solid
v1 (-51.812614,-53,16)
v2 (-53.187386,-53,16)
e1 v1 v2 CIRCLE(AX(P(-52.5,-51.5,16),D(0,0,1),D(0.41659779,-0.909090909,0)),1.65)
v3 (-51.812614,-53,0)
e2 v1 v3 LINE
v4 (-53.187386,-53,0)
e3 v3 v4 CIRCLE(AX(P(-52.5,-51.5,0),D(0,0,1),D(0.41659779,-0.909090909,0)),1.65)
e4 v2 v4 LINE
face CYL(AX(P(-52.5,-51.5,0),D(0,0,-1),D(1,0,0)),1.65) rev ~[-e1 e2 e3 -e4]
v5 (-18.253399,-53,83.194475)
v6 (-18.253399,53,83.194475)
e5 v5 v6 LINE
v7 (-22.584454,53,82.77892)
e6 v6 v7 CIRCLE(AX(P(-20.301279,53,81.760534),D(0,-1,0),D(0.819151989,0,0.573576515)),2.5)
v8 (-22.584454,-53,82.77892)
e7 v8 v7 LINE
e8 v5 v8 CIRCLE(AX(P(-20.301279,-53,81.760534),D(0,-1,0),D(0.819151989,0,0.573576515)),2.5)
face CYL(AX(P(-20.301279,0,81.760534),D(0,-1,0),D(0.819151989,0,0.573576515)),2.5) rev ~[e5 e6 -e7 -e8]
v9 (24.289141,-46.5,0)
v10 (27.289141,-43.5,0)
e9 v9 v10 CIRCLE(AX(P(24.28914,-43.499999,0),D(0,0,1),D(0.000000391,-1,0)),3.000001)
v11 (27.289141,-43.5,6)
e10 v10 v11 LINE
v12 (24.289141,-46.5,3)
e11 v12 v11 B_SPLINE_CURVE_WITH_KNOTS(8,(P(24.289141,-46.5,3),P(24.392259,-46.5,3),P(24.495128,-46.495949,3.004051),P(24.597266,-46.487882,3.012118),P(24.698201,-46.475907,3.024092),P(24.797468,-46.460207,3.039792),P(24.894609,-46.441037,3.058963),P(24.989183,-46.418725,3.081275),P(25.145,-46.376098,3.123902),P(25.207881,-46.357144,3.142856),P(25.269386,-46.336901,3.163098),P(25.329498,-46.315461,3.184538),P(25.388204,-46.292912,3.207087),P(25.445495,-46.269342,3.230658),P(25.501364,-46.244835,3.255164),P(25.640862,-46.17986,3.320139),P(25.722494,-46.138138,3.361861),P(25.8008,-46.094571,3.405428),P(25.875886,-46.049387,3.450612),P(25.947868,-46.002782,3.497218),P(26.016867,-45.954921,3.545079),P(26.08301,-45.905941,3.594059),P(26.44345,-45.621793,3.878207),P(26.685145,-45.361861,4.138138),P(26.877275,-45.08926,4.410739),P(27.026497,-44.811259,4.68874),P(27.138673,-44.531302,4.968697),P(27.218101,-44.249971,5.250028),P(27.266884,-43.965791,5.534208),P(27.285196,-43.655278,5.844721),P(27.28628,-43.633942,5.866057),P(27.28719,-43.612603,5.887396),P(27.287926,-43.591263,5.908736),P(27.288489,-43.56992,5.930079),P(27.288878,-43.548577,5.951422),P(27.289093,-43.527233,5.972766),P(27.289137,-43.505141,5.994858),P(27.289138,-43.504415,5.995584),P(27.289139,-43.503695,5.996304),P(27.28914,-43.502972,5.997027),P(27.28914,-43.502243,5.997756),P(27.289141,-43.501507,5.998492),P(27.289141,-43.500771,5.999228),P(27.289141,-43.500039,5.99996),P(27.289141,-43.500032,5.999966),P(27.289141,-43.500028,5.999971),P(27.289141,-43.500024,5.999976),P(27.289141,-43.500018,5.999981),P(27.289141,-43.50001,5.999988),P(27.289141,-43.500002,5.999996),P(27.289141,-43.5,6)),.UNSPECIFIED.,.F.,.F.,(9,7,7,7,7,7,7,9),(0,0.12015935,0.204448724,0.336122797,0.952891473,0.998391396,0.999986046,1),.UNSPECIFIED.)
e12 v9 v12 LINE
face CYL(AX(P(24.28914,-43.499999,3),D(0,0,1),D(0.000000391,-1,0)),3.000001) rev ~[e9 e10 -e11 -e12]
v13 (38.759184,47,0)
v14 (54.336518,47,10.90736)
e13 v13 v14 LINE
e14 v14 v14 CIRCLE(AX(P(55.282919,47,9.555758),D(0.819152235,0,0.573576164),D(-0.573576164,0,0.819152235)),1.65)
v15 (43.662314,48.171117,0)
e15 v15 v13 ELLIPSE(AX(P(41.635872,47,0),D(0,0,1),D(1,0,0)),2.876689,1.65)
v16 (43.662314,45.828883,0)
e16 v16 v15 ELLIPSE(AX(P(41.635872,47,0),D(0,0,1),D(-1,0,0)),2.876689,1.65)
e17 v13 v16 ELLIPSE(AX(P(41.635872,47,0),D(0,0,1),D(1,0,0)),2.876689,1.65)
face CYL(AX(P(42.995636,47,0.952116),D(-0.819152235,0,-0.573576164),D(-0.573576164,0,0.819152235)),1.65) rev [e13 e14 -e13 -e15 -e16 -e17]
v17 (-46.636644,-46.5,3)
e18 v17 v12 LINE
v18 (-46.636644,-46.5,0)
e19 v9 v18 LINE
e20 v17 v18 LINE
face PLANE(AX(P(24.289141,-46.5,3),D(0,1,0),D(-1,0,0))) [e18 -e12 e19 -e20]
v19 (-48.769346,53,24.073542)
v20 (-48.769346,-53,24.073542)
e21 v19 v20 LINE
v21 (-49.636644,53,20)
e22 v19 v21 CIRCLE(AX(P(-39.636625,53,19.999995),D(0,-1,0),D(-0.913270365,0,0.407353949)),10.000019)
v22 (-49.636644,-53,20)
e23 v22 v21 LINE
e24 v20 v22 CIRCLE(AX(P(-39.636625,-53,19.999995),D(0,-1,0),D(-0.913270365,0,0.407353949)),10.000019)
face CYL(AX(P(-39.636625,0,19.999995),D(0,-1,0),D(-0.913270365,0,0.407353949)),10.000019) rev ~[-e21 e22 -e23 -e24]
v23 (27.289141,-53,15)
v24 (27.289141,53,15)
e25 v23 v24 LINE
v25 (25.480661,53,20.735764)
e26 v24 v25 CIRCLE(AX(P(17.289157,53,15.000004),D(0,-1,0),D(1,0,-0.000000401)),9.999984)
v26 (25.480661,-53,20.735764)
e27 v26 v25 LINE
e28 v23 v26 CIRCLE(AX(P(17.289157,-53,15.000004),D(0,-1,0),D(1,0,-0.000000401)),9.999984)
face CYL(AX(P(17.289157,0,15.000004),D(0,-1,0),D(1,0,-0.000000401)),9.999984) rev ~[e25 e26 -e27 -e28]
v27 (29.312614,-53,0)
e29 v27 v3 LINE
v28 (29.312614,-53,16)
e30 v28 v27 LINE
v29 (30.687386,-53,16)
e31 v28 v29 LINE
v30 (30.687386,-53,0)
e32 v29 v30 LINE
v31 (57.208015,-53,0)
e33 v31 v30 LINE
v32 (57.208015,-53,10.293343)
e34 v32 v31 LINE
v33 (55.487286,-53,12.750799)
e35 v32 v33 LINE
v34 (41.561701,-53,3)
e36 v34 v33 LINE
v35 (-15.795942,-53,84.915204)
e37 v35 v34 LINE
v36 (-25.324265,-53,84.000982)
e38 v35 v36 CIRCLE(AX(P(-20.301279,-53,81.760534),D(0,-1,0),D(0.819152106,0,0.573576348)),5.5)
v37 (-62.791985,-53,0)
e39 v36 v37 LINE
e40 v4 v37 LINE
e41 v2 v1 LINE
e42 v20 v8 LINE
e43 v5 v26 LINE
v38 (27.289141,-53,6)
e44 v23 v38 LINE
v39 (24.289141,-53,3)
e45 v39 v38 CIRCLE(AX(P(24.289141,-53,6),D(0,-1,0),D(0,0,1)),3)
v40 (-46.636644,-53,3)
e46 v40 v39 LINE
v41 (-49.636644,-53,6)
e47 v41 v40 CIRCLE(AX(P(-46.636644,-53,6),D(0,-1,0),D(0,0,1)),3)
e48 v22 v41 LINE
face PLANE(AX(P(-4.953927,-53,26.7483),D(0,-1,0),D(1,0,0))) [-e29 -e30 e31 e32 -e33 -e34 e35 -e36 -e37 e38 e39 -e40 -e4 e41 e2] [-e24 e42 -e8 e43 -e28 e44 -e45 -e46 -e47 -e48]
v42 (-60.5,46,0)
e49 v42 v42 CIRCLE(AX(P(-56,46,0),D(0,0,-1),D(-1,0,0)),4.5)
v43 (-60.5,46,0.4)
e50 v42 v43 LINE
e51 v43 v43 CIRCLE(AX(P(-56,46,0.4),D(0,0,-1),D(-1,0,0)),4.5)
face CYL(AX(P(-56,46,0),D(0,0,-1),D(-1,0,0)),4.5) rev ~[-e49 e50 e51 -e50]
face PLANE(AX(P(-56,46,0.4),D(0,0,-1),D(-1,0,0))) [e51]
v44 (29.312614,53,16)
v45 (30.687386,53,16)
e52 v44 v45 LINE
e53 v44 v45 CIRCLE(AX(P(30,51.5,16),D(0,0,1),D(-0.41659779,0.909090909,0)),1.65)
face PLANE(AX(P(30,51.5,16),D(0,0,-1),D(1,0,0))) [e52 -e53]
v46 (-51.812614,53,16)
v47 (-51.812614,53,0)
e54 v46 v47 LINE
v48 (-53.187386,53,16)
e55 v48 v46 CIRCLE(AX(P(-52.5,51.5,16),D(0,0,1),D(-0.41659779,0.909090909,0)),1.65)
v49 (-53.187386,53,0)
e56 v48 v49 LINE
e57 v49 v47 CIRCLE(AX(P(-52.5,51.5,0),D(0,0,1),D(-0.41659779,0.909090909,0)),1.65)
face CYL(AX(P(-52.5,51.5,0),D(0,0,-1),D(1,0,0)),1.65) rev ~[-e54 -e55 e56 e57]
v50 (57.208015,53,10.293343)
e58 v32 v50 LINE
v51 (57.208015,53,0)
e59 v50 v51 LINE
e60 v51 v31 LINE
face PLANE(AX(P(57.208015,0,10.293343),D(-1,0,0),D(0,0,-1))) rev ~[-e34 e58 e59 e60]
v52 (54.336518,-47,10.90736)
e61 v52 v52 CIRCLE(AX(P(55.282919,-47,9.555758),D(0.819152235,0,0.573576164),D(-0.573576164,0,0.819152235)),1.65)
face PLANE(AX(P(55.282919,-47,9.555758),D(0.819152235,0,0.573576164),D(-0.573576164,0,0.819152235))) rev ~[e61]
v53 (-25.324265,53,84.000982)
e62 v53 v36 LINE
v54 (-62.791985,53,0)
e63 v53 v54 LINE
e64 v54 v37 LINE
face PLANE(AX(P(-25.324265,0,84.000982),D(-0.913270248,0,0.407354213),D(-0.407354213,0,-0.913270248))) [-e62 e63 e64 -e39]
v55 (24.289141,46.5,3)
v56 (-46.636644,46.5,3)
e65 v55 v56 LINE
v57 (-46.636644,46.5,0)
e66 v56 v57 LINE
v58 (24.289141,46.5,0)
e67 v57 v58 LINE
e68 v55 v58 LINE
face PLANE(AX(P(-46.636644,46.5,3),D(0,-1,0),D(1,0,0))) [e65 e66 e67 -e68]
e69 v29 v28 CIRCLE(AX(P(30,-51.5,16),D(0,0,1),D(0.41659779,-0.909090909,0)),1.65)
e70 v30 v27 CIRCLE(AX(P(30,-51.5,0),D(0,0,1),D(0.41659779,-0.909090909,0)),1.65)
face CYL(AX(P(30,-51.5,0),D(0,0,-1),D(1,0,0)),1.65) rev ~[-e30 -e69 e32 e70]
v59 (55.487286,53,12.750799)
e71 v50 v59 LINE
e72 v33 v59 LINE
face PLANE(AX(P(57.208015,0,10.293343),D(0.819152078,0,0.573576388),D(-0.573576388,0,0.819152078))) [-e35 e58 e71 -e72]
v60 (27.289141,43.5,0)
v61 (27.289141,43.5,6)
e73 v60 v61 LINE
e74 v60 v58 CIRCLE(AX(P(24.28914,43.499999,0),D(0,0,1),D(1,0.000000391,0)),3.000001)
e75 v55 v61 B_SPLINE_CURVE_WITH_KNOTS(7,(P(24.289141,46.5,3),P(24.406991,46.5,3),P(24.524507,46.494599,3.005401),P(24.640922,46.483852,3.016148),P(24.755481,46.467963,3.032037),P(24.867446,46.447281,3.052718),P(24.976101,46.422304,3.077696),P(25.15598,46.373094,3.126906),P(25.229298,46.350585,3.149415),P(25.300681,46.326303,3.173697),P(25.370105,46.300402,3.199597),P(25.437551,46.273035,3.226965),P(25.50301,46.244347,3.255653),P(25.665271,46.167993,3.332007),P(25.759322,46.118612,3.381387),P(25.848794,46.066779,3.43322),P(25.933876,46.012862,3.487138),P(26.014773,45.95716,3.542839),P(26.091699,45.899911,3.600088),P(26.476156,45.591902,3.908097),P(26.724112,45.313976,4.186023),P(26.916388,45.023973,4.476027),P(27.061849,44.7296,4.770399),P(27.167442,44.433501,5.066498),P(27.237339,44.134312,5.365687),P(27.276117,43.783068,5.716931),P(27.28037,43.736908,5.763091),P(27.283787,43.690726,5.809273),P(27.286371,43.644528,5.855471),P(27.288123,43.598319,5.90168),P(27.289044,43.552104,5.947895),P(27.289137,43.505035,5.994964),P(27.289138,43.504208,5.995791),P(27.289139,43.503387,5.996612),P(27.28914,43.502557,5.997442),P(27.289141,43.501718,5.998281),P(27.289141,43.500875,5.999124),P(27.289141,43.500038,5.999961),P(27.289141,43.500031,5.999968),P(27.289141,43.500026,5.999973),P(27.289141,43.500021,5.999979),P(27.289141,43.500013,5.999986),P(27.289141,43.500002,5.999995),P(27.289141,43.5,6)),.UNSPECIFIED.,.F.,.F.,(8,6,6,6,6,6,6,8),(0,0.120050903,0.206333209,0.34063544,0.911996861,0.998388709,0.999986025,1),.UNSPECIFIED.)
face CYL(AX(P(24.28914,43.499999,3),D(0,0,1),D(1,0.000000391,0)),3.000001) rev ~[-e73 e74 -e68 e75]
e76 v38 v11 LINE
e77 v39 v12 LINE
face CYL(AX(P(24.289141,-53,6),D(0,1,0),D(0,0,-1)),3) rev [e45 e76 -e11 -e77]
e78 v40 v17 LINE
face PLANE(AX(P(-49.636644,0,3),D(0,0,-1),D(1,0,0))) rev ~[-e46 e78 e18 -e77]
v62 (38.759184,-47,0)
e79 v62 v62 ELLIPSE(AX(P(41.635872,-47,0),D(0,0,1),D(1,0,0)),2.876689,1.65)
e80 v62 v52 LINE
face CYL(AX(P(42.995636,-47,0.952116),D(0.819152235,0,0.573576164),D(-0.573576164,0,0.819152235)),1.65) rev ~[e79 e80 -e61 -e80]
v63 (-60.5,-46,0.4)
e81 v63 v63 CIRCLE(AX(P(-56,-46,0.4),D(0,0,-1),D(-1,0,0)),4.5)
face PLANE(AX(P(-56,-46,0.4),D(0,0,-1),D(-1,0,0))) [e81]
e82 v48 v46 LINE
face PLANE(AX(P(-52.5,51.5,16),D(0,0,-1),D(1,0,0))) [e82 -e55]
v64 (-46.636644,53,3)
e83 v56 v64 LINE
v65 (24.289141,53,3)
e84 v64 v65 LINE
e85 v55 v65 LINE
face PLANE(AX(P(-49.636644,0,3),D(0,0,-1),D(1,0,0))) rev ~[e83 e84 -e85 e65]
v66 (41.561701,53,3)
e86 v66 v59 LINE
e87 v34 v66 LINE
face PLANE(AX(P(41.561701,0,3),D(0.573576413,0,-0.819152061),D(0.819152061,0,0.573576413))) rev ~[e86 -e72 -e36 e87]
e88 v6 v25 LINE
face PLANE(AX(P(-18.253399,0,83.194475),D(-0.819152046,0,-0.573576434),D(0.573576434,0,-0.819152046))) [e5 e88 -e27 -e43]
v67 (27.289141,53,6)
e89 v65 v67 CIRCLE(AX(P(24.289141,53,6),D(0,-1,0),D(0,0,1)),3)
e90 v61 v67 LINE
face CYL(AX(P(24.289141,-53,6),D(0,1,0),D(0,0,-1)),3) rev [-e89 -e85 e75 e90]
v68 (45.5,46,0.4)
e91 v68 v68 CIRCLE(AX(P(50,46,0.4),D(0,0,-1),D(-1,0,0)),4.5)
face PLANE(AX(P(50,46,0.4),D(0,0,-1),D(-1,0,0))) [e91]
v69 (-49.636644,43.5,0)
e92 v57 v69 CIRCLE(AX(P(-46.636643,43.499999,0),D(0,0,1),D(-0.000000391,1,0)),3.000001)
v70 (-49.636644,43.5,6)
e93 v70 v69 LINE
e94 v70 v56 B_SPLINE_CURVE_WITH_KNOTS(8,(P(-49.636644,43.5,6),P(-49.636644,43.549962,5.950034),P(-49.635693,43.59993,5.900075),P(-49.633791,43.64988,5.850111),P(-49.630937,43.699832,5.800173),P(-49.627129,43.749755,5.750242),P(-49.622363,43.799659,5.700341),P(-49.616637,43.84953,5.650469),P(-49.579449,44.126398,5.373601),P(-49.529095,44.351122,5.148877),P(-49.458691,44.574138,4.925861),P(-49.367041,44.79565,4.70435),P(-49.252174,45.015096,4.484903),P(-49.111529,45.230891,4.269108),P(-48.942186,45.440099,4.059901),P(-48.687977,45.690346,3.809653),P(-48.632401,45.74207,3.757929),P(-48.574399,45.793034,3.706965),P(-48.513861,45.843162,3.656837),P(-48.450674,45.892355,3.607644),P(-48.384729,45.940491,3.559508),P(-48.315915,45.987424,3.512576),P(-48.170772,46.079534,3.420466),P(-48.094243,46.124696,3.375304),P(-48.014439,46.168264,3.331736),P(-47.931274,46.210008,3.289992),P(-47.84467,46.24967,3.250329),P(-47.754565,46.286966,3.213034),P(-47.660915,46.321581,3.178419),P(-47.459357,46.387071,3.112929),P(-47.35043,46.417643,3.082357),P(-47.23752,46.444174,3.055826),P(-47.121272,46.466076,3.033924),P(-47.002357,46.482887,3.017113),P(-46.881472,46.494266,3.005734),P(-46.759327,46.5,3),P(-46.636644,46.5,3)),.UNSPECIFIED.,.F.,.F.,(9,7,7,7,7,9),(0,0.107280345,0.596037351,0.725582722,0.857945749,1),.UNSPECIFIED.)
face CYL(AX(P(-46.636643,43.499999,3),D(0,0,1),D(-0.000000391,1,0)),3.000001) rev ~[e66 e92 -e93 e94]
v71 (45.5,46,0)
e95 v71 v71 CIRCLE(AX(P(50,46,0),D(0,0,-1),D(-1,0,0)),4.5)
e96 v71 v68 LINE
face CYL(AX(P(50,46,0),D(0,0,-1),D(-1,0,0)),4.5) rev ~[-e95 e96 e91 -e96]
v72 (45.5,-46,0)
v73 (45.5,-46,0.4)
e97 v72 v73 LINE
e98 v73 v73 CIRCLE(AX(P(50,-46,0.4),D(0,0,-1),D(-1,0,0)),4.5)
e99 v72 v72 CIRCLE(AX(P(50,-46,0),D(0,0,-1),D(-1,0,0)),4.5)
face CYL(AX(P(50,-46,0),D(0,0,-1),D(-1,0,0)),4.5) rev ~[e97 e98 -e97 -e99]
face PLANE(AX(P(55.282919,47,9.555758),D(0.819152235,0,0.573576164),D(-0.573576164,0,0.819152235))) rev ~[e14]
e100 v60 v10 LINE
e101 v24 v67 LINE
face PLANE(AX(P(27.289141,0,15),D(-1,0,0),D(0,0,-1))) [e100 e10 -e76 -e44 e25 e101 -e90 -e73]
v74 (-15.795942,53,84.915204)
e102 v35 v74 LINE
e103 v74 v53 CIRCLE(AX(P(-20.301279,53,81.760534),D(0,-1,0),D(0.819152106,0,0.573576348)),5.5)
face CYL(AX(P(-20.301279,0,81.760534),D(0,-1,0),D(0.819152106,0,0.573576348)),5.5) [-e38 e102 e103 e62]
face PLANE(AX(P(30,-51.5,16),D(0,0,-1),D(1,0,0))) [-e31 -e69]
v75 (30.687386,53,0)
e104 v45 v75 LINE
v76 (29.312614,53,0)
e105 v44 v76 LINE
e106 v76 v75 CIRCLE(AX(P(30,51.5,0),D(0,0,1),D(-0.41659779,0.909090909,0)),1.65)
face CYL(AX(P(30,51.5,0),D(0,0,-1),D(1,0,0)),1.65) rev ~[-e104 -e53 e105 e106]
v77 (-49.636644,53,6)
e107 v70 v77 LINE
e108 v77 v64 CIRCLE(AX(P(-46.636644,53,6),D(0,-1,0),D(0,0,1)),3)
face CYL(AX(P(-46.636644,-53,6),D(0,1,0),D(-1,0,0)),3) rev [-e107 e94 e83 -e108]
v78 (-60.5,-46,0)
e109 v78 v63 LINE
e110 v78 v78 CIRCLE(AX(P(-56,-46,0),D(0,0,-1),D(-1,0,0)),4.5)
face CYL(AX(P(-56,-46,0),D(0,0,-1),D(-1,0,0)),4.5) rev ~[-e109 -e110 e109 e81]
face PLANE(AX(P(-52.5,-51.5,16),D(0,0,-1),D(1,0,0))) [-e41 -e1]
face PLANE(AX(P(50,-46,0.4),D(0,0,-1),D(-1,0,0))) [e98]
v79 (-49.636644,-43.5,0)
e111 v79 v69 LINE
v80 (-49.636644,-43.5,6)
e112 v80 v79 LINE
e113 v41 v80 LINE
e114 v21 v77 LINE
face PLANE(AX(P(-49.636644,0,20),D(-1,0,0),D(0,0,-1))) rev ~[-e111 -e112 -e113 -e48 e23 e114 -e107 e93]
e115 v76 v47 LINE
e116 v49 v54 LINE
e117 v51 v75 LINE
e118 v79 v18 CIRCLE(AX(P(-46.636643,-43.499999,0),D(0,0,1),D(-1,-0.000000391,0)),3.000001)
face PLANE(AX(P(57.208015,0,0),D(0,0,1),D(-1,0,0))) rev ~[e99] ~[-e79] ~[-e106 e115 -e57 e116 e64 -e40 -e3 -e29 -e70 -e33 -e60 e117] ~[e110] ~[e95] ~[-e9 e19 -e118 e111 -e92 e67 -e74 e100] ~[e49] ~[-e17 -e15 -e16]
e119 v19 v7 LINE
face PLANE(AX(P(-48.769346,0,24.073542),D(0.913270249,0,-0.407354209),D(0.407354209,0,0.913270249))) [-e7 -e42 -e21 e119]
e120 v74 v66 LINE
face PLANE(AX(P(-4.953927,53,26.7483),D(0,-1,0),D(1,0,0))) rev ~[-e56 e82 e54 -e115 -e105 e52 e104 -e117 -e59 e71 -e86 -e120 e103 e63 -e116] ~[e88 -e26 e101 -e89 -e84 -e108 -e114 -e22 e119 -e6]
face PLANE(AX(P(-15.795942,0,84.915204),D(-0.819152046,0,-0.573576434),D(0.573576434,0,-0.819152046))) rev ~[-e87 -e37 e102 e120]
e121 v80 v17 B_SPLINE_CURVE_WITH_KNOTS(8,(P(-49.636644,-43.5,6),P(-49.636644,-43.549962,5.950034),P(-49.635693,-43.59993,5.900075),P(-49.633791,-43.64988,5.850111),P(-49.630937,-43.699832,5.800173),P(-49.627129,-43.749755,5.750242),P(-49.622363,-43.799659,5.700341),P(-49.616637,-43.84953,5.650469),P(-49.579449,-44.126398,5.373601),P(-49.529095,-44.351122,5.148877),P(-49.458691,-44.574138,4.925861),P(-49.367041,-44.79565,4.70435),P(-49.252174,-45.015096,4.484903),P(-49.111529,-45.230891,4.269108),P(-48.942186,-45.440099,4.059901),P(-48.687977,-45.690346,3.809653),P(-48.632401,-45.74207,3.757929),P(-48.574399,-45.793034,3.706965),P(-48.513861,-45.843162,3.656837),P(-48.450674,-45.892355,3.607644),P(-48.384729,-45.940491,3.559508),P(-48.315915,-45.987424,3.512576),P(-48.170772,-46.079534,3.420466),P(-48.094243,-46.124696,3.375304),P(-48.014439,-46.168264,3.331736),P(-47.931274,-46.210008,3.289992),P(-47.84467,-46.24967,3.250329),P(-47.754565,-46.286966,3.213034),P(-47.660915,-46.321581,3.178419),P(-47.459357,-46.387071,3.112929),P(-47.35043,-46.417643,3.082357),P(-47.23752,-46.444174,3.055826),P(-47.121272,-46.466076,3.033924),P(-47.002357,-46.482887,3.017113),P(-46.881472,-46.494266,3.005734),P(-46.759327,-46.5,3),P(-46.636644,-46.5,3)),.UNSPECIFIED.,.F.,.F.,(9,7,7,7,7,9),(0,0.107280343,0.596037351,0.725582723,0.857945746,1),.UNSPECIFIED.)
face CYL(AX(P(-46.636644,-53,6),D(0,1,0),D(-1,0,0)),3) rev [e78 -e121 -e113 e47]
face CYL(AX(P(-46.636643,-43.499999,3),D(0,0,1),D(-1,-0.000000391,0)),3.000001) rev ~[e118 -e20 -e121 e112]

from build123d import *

# Parameters (mm, degrees)
PAD_DEPTH       = 53
SKETCH001_R     = 1.65
POCKET_DEPTH    = 15
SKETCH002_R     = 1.65
POCKET001_DEPTH = 16
SKETCH003_R     = 4.5
POCKET002_DEPTH = 0.4
FILLET_R        = 3
POCKET003_DEPTH = 6


with BuildPart() as part:
    # Sketch → Pad (new body, symmetric)
    with BuildSketch(Plane.XZ):
        with BuildLine():
            ThreePointArc((-15.795942, 84.915204), (-20.82658, 87.235391), (-25.324265, 84.000982))
            Line((-25.324265, 84.000982), (-62.791985, 0))
            Line((57.208015, 0), (-62.791985, 0))
            Line((57.208015, 10.293343), (57.208015, 0))
            Line((57.208015, 10.293343), (55.487286, 12.750799))
            Line((41.561701, 3), (55.487286, 12.750799))
            Line((-15.795942, 84.915204), (41.561701, 3))
        make_face()
        with BuildLine():
            Line((-48.769346, 24.073542), (-22.584454, 82.77892))
            ThreePointArc((-18.253399, 83.194475), (-20.540052, 84.249105), (-22.584454, 82.77892))
            Line((-18.253399, 83.194475), (25.480661, 20.735764))
            ThreePointArc((27.289141, 15), (26.826311, 18.007058), (25.480661, 20.735764))
            Line((27.289141, 15), (27.289141, 3))
            Line((-49.636644, 3), (27.289141, 3))
            Line((-49.636644, 20), (-49.636644, 3))
            ThreePointArc((-48.769346, 24.073542), (-49.417416, 22.082423), (-49.636644, 20))
        make_face(mode=Mode.SUBTRACT)
    extrude(amount=PAD_DEPTH, both=True)

    # Sketch001 (on Face3 of Pad) → Pocket (cut, symmetric)
    with BuildSketch(Plane(origin=(29.297859, 0, 20.514582), x_dir=(-0.573576, 0, 0.819152), z_dir=(0.819152, 0, 0.573576))):
        with Locations((-23.881356, -47)):
            Circle(SKETCH001_R)
        with Locations((-23.881356, 47)):
            Circle(SKETCH001_R)
    extrude(amount=POCKET_DEPTH, both=True, mode=Mode.SUBTRACT)

    # Sketch002 (on Face6 of Pocket) → Pocket001 (cut)
    with BuildSketch(Plane(origin=(0, 0, 0), x_dir=(1, 0, 0), z_dir=(0, 0, -1))):
        with Locations((-52.5, 51.5)):
            Circle(SKETCH002_R)
        with Locations((30, 51.5)):
            Circle(SKETCH002_R)
        with Locations((30, -51.5)):
            Circle(SKETCH002_R)
        with Locations((-52.5, -51.5)):
            Circle(SKETCH002_R)
    extrude(amount=-POCKET001_DEPTH, mode=Mode.SUBTRACT)

    # Sketch003 → Pocket002 (cut)
    with BuildSketch(Plane(origin=(0, 0, 0), x_dir=(-1, 0, 0), z_dir=(0, 0, -1))):
        with Locations((-50, 46)):
            Circle(SKETCH003_R)
        with Locations((56, 46)):
            Circle(SKETCH003_R)
        with Locations((-50, -46)):
            Circle(SKETCH003_R)
        with Locations((56, -46)):
            Circle(SKETCH003_R)
    extrude(amount=-POCKET002_DEPTH, mode=Mode.SUBTRACT)

    # Fillet
    fillet_edges = [part.edges().sort_by_distance(p)[0] for p in [
        (27.289141, 0, 3),
        (-49.636644, 0, 3),
    ]]
    fillet(fillet_edges, radius=FILLET_R)

    # Sketch004 (on Face5 of Fillet) → Pocket003 (cut, symmetric)
    with BuildSketch(Plane(origin=(0, 0, 3), x_dir=(-1, 0, 0), z_dir=(0, 0, 1))):
        with BuildLine():
            Line((-24.289141, 46.5), (46.636644, 46.5))
            ThreePointArc((49.636644, 43.5), (48.757964, 45.62132), (46.636644, 46.5))
            Line((49.636644, 43.5), (49.636644, -43.5))
            ThreePointArc((46.636644, -46.5), (48.757964, -45.62132), (49.636644, -43.5))
            Line((46.636644, -46.5), (-24.289141, -46.5))
            ThreePointArc((-27.289141, -43.5), (-26.410461, -45.62132), (-24.289141, -46.5))
            Line((-27.289141, -43.5), (-27.289141, 43.5))
            ThreePointArc((-24.289141, 46.5), (-26.410461, 45.62132), (-27.289141, 43.5))
        make_face()
    extrude(amount=POCKET003_DEPTH, both=True, mode=Mode.SUBTRACT)


solid = part.part
